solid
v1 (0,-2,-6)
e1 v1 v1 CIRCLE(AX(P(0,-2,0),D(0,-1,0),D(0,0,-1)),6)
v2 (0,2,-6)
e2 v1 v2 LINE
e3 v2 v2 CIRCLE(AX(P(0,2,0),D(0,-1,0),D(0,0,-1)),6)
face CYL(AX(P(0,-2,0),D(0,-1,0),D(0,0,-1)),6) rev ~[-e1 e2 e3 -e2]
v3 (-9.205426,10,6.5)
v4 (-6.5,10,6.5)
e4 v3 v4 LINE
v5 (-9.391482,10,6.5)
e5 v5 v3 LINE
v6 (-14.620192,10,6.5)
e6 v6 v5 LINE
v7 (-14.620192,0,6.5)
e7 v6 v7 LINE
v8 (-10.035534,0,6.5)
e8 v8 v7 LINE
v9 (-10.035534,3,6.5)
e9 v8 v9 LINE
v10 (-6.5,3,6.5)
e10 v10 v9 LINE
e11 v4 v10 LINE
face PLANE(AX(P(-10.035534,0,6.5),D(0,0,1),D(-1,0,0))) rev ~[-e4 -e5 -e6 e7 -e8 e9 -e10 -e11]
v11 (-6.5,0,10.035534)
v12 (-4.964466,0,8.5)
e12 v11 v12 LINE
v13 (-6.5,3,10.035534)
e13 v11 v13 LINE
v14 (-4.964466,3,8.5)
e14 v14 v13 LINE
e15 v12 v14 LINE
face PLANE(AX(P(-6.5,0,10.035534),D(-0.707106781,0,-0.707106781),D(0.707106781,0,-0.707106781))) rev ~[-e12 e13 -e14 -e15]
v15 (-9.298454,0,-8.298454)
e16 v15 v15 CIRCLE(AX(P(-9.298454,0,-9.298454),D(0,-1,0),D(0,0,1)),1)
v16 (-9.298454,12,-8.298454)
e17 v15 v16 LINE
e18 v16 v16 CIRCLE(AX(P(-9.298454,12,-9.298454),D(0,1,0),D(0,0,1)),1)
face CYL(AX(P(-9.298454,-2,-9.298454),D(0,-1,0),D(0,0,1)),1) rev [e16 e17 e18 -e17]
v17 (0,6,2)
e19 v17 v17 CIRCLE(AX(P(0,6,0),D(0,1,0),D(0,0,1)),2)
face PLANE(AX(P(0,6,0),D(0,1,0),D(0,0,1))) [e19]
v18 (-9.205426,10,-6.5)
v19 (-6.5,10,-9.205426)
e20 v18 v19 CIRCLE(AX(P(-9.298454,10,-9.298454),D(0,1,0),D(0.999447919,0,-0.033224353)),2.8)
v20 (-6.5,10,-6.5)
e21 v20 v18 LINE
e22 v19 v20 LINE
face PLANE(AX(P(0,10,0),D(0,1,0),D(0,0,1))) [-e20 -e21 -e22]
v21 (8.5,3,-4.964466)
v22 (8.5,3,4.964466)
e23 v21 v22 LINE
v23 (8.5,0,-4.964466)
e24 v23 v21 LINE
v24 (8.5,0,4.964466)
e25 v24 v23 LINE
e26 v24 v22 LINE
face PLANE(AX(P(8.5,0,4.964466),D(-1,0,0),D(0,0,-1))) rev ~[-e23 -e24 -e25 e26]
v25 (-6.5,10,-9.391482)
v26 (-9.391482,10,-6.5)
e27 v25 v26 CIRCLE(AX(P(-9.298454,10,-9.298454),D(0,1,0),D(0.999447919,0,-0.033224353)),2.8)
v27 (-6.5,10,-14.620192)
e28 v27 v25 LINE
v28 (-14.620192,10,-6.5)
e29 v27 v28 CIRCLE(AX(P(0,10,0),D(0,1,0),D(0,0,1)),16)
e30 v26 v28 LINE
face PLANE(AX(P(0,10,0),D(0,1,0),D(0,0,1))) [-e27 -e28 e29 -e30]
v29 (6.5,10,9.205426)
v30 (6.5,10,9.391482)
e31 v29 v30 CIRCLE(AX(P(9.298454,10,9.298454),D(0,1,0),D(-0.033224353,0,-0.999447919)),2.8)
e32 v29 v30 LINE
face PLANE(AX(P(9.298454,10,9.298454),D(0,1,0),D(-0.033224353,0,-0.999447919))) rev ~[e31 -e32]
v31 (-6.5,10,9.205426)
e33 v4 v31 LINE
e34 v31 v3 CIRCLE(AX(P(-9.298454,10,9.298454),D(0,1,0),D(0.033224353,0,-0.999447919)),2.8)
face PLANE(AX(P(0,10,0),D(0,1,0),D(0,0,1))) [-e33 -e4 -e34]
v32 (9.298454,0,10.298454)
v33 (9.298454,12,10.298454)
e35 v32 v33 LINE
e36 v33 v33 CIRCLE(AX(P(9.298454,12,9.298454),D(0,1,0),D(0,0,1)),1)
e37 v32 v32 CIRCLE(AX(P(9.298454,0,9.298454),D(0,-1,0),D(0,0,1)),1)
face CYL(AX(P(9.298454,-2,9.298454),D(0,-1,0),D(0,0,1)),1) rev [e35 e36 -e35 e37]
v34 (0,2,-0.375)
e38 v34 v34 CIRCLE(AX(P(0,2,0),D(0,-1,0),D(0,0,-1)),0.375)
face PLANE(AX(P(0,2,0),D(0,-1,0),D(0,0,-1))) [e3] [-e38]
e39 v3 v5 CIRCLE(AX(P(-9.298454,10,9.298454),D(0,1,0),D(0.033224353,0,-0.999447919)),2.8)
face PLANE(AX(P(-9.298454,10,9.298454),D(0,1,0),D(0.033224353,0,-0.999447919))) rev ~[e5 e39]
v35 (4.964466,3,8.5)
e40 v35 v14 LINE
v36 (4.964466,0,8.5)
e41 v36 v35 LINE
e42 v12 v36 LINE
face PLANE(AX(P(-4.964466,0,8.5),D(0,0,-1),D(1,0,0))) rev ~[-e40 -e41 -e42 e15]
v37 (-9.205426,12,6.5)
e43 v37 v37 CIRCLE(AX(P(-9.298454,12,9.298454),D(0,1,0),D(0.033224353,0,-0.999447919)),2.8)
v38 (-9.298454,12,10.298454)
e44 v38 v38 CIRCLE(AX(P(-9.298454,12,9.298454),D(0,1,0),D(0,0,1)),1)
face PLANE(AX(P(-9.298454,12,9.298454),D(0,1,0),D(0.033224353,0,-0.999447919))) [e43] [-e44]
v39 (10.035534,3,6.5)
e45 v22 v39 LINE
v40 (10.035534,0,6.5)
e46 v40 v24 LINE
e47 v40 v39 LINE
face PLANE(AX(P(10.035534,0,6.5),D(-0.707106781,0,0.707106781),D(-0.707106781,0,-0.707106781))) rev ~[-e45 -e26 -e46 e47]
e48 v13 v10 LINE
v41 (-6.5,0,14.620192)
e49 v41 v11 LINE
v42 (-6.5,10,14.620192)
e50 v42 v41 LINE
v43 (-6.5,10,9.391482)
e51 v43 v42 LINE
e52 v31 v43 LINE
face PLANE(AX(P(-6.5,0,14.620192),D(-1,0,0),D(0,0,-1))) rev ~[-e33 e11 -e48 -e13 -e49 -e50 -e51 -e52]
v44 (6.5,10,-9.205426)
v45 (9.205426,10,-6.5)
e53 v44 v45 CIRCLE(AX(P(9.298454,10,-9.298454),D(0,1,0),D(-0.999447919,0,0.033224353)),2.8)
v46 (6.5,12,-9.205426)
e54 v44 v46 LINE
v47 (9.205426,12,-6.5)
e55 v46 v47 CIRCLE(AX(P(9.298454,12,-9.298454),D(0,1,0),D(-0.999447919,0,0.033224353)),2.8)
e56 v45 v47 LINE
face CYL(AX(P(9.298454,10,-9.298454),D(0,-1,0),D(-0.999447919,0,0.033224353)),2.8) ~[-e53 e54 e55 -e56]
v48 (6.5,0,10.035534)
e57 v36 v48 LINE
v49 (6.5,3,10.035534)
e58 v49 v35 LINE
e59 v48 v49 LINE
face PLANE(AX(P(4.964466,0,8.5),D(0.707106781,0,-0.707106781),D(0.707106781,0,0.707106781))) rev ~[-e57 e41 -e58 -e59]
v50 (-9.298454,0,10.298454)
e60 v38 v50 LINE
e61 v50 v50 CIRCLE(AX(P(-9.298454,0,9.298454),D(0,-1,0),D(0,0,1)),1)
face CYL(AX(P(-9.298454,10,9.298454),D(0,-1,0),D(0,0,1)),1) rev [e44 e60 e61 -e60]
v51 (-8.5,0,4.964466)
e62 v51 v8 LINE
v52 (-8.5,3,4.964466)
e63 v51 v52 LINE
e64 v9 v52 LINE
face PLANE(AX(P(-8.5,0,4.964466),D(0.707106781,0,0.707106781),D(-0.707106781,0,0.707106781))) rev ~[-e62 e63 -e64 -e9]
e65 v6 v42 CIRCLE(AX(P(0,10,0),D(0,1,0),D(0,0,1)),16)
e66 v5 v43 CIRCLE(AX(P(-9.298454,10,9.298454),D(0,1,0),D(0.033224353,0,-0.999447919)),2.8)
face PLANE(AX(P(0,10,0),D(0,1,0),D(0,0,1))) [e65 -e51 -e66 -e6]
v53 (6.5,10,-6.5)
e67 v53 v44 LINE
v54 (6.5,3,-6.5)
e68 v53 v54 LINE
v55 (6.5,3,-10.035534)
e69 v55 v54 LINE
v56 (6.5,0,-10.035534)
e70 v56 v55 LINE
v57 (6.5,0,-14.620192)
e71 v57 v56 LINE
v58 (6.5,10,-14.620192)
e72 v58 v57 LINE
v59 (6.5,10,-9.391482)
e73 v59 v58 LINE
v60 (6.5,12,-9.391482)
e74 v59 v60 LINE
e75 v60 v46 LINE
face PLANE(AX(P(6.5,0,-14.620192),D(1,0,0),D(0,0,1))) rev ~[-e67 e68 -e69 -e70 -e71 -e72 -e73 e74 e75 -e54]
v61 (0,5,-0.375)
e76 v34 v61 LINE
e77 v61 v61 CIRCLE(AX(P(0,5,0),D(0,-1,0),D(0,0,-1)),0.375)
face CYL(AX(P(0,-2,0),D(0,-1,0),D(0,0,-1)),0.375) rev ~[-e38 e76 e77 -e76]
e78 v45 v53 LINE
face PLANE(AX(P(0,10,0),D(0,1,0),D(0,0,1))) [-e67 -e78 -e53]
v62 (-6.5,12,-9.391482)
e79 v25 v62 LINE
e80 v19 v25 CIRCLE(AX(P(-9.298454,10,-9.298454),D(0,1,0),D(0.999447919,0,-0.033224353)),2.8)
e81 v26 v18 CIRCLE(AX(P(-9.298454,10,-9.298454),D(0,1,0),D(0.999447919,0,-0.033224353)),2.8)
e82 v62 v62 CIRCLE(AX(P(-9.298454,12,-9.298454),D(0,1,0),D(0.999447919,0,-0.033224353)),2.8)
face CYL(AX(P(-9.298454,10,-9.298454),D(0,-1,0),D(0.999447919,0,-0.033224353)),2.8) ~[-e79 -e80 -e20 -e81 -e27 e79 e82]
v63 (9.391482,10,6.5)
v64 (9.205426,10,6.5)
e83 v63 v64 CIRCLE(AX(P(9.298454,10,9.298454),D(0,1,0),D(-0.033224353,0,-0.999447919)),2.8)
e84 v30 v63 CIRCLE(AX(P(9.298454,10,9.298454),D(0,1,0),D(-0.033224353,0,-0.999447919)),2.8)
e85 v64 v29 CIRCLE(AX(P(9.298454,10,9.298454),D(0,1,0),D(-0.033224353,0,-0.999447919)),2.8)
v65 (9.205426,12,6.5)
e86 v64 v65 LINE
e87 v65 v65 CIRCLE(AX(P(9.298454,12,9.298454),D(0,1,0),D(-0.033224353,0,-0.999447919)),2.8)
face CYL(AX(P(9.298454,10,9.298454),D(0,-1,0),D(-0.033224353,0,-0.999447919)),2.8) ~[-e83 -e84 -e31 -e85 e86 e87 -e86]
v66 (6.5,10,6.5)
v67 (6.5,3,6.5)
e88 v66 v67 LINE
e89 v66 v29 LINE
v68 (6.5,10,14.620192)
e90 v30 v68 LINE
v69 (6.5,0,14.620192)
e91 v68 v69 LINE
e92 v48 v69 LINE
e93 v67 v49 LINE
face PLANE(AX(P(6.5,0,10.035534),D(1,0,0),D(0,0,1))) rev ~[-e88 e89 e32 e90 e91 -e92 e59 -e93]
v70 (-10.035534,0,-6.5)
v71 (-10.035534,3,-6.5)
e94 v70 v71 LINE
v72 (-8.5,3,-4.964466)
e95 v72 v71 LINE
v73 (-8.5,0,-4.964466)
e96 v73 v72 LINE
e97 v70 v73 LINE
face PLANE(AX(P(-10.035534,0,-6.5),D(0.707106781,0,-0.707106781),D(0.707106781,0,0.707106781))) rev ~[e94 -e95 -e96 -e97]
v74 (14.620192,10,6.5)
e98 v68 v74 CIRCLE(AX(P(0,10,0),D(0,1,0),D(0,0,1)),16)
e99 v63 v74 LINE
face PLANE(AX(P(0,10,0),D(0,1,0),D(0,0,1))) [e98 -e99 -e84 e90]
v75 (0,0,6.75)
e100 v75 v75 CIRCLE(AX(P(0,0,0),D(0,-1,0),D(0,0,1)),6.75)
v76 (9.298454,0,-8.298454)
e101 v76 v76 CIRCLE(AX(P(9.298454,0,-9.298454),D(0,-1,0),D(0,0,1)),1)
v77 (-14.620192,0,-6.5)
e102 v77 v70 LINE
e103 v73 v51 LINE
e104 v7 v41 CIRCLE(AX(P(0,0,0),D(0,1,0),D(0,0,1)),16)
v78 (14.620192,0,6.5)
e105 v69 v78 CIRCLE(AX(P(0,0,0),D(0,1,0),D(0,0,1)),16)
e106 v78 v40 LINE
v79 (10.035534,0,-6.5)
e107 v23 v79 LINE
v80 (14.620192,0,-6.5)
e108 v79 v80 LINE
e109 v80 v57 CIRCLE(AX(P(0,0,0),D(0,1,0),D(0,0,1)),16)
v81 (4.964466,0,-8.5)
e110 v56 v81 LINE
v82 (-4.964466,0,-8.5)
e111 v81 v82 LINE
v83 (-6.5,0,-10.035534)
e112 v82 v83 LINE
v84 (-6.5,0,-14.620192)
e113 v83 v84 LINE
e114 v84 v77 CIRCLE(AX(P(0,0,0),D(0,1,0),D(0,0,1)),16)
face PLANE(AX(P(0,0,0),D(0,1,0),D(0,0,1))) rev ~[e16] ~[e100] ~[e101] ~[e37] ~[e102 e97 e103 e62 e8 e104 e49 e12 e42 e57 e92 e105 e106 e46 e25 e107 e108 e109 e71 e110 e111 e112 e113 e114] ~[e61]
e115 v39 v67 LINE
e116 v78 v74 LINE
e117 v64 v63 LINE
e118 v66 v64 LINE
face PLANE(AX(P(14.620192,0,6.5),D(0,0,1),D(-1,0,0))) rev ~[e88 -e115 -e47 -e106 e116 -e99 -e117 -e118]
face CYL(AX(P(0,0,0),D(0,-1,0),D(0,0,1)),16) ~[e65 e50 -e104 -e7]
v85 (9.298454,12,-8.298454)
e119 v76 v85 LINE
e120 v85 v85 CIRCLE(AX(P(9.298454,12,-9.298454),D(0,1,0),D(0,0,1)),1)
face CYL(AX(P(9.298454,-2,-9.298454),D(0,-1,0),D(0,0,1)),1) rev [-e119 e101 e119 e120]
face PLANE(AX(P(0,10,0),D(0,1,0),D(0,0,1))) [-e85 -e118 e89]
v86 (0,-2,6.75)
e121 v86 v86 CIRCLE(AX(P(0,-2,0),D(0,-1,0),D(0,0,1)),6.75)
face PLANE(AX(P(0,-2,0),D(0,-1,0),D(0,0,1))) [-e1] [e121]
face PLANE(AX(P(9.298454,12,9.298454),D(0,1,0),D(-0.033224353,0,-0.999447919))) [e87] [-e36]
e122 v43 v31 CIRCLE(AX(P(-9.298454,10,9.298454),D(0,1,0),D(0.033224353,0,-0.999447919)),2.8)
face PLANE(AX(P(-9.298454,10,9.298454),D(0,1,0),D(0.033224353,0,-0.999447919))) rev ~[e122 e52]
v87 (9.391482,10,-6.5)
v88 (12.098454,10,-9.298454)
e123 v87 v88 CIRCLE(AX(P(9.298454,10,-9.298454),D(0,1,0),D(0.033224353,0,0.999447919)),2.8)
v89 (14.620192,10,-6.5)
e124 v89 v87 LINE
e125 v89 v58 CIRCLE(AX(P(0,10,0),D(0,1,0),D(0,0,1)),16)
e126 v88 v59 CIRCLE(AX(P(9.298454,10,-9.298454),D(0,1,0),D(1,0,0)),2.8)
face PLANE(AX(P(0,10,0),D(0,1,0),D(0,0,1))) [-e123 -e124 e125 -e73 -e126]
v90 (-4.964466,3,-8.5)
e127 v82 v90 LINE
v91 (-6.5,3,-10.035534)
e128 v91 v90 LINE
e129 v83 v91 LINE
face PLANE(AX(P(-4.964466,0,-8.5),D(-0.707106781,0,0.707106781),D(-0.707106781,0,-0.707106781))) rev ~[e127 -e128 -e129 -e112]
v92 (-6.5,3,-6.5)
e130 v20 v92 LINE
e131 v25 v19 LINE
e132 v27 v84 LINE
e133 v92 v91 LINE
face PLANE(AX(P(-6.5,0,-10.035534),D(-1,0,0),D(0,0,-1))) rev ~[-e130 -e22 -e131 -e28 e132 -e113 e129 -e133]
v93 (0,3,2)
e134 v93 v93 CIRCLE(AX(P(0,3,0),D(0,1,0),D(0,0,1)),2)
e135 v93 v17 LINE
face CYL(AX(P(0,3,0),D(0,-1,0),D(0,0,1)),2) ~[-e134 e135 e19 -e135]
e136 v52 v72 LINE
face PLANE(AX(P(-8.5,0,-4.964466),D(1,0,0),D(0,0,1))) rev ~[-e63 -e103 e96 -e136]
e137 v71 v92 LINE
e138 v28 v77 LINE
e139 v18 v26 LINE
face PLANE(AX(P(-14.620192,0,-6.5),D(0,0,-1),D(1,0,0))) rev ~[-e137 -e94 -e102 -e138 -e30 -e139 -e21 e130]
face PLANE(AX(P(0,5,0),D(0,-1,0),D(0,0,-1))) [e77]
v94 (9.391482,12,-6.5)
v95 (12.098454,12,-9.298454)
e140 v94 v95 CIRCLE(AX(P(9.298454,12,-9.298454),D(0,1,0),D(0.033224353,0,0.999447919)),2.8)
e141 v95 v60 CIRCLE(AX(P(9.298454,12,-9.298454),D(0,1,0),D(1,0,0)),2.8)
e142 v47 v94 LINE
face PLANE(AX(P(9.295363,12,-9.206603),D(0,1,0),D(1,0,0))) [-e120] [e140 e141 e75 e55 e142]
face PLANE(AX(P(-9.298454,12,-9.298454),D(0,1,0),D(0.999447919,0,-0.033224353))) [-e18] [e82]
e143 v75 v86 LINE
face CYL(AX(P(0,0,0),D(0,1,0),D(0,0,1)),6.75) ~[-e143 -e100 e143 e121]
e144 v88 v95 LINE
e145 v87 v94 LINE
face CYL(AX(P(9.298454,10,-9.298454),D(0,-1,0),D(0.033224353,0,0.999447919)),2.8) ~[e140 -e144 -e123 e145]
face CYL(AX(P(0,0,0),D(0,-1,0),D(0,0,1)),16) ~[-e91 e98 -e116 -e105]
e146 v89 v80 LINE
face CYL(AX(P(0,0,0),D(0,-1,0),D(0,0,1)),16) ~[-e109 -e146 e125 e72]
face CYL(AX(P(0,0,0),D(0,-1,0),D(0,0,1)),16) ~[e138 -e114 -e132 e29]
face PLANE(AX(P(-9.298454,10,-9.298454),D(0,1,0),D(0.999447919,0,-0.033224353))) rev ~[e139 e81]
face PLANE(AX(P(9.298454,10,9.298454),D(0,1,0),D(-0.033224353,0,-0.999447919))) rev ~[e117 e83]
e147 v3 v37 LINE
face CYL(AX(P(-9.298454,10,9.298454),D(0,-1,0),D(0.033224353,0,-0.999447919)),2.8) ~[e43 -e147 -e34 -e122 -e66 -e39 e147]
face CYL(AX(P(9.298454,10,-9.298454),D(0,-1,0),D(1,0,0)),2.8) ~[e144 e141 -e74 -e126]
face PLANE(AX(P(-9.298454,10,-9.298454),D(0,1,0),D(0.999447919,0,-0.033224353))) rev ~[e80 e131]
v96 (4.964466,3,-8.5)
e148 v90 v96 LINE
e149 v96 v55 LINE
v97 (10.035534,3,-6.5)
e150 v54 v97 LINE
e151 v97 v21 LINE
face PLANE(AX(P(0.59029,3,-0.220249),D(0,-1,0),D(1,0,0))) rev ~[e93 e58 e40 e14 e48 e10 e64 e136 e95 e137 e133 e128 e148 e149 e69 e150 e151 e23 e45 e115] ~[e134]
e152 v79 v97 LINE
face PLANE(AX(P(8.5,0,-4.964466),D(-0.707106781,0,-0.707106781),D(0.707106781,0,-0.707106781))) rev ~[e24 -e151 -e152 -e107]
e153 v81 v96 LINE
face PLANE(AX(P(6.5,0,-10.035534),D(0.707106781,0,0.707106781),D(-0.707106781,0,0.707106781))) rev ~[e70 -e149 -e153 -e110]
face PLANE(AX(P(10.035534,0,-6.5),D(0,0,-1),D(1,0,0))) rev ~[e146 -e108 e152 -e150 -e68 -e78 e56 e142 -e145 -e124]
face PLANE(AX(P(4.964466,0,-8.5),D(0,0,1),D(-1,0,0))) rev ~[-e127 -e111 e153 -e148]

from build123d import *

# Parameters (mm, degrees)
CROQUIS1_R                 = 16
SALIENTE_EXTRUIR1_DEPTH    = 10
CORTAR_EXTRUIR2_DEPTH      = 10
CORTAR_EXTRUIR4_DEPTH      = 7
CORTAR_EXTRUIR4_DEPTH_BACK = 10
CORTAR_EXTRUIR4_START      = -10
CROQUIS5_R                 = 2
SALIENTE_EXTRUIR2_DEPTH    = 3
CROQUIS6_R                 = 2.8
CROQUIS6_R_2               = 1
SALIENTE_EXTRUIR4_DEPTH    = 2
CORTAR_EXTRUIR5_START      = -12
CROQUIS9_R                 = 1
CORTAR_EXTRUIR5_DEPTH      = 12
CROQUIS10_R                = 6.75
SALIENTE_EXTRUIR5_DEPTH    = 2
CROQUIS11_R                = 6
CORTAR_EXTRUIR6_DEPTH      = 4
CROQUIS12_R                = 0.375
CORTAR_EXTRUIR7_DEPTH      = 7


with BuildPart() as part:
    # Croquis1 → Saliente-Extruir1 (new body)
    with BuildSketch(Plane(origin=(0, 0, 0), x_dir=(1, 0, 0), z_dir=(0, 1, 0))):
        with Locations(Location((0, 0, 0), (0, 0, 270))):
            Circle(CROQUIS1_R)
    extrude(amount=SALIENTE_EXTRUIR1_DEPTH)

    # Croquis2 → Cortar-Extruir2 (cut)
    with BuildSketch(Plane(origin=(0, 0, 0), x_dir=(-1, 0, 0), z_dir=(0, -1, 0))):
        with BuildLine():
            ThreePointArc((-6.5, -14.620191518), (0, -16), (6.5, -14.620191517))
            Line((6.5, -14.620191517), (6.5, -10.035533906))
            Line((6.5, -10.035533906), (4.964466094, -8.5))
            Line((4.964466094, -8.5), (-4.964466094, -8.5))
            Line((-4.964466094, -8.5), (-6.5, -10.035533906))
            Line((-6.5, -10.035533906), (-6.5, -14.620191517))
        make_face()
        with BuildLine():
            Line((-4.964466094, 8.5), (4.964466094, 8.5))
            Line((4.964466094, 8.5), (6.5, 10.035533906))
            Line((6.5, 10.035533906), (6.5, 14.620191517))
            ThreePointArc((6.5, 14.620191518), (0, 16.000000001), (-6.5, 14.620191518))
            Line((-6.5, 14.620191517), (-6.5, 10.035533906))
            Line((-6.5, 10.035533906), (-4.964466094, 8.5))
        make_face()
        with BuildLine():
            Line((10.035533906, -6.5), (14.620191517, -6.5))
            ThreePointArc((14.620191515, -6.499999999), (15.651246979, -3.322418977), (15.999999994, 0))
            ThreePointArc((16, 0), (15.651246984, 3.322418978), (14.620191517, 6.5))
            Line((14.620191517, 6.5), (10.035533906, 6.5))
            Line((10.035533906, 6.5), (8.5, 4.964466094))
            Line((8.5, 4.964466094), (8.5, -4.964466094))
            Line((8.5, -4.964466094), (10.035533906, -6.5))
        make_face()
        with BuildLine():
            ThreePointArc((-14.620191518, 6.5), (-16.000000001, 0), (-14.620191518, -6.5))
            Line((-14.620191517, -6.5), (-10.035533906, -6.5))
            Line((-10.035533906, -6.5), (-8.5, -4.964466094))
            Line((-8.5, -4.964466094), (-8.5, 4.964466094))
            Line((-8.5, 4.964466094), (-10.035533906, 6.5))
            Line((-10.035533906, 6.5), (-14.620191517, 6.5))
        make_face()
    extrude(amount=-CORTAR_EXTRUIR2_DEPTH, mode=Mode.SUBTRACT)

    # Croquis4 → Cortar-Extruir4 (cut, two sides: drawn at the far end of the back side and taken through both)
    with BuildSketch(Plane.XZ.offset(CORTAR_EXTRUIR4_START - CORTAR_EXTRUIR4_DEPTH_BACK)):
        Polygon((-6.5, 16.599431938), (-6.5, 6.5), (-19.32076002, 6.5), (-19.32076002, -6.5), (-6.5, -6.5), (-6.5, -17.296221808), (6.5, -17.296221808), (6.5, -6.5), (20.964302933, -6.5), (20.964302933, 6.5), (6.5, 6.5), (6.5, 16.599431938), align=None)
    extrude(amount=CORTAR_EXTRUIR4_DEPTH + CORTAR_EXTRUIR4_DEPTH_BACK, mode=Mode.SUBTRACT)

    # Croquis5 → Saliente-Extruir2 (add)
    with BuildSketch(Plane(origin=(0, 3, 0), x_dir=(1, 0, 0), z_dir=(0, 1, 0))):
        with Locations(Location((0, 0, 0), (0, 0, 270))):
            Circle(CROQUIS5_R)
    extrude(amount=SALIENTE_EXTRUIR2_DEPTH)

    # Croquis6 → Saliente-Extruir4 (add)
    # profile 1 of 4: a face of its own
    with BuildSketch(Plane(origin=(0, 10, 0), x_dir=(1, 0, 0), z_dir=(0, 1, 0))):
        with Locations(Location((-9.298454173, -9.298454173, 0), (0, 0, 88.096034402))):
            Circle(CROQUIS6_R)
        with Locations(Location((-9.298454173, -9.298454173, 0), (0, 0, 270))):
            Circle(CROQUIS6_R_2, mode=Mode.SUBTRACT)
    # profile 2 of 4: a face of its own
    with BuildSketch(Plane(origin=(0, 10, 0), x_dir=(1, 0, 0), z_dir=(0, 1, 0))):
        with Locations(Location((-9.298454173, 9.298454173, 0), (0, 0, 1.903965598))):
            Circle(CROQUIS6_R)
        with Locations(Location((-9.298454173, 9.298454173, 0), (0, 0, 270))):
            Circle(CROQUIS6_R_2, mode=Mode.SUBTRACT)
    # profile 3 of 4: a face of its own
    with BuildSketch(Plane(origin=(0, 10, 0), x_dir=(1, 0, 0), z_dir=(0, 1, 0))):
        with BuildLine():
            ThreePointArc((9.391482361, 6.5), (11.310974847, 7.351723442), (12.098454173, 9.298454173))
            ThreePointArc((12.098454173, 9.298454173), (9.344974688, 12.098067689), (6.5, 9.391482361))
            Line((6.5, 9.391482361), (6.5, 9.205425984))
            ThreePointArc((6.5, 9.205425984), (7.318555185, 7.318555185), (9.205425984, 6.5))
            Line((9.205425984, 6.5), (9.391482361, 6.5))
        make_face()
        with Locations(Location((9.298454173, 9.298454173, 0), (0, 0, 270))):
            Circle(CROQUIS6_R_2, mode=Mode.SUBTRACT)
    # profile 4 of 4: a face of its own
    with BuildSketch(Plane(origin=(0, 10, 0), x_dir=(1, 0, 0), z_dir=(0, 1, 0))):
        with Locations(Location((9.298454173, -9.298454173, 0), (0, 0, 91.903965598))):
            Circle(CROQUIS6_R)
        with Locations(Location((9.298454173, -9.298454173, 0), (0, 0, 270))):
            Circle(CROQUIS6_R_2, mode=Mode.SUBTRACT)
    extrude(amount=SALIENTE_EXTRUIR4_DEPTH)

    # Croquis9 → Cortar-Extruir5 (cut)
    with BuildSketch(Plane(origin=(0, 10, 0), x_dir=(1, 0, 0), z_dir=(0, 1, 0)).offset(CORTAR_EXTRUIR5_START)):
        with Locations(Location((-9.298454173, 9.298454173, 0), (0, 0, 270))):
            Circle(CROQUIS9_R)
        with Locations(Location((9.298454173, 9.298454173, 0), (0, 0, 270))):
            Circle(CROQUIS9_R)
        with Locations(Location((9.298454173, -9.298454173, 0), (0, 0, 270))):
            Circle(CROQUIS9_R)
        with Locations(Location((-9.298454173, -9.298454173, 0), (0, 0, 270))):
            Circle(CROQUIS9_R)
    extrude(amount=CORTAR_EXTRUIR5_DEPTH, mode=Mode.SUBTRACT)

    # Croquis10 → Saliente-Extruir5 (add)
    with BuildSketch(Plane.XZ):
        with Locations(Location((0, 0, 0), (0, 0, 90))):
            Circle(CROQUIS10_R)
    extrude(amount=SALIENTE_EXTRUIR5_DEPTH)

    # Croquis11 → Cortar-Extruir6 (cut)
    with BuildSketch(Plane.XZ.offset(2)):
        with Locations(Location((0, 0, 0), (0, 0, 270))):
            Circle(CROQUIS11_R)
    extrude(amount=-CORTAR_EXTRUIR6_DEPTH, mode=Mode.SUBTRACT)

    # Croquis12 → Cortar-Extruir7 (cut)
    with BuildSketch(Plane.XZ.offset(2)):
        with Locations(Location((0, 0, 0), (0, 0, 270))):
            Circle(CROQUIS12_R)
    extrude(amount=-CORTAR_EXTRUIR7_DEPTH, mode=Mode.SUBTRACT)


solid = part.part
